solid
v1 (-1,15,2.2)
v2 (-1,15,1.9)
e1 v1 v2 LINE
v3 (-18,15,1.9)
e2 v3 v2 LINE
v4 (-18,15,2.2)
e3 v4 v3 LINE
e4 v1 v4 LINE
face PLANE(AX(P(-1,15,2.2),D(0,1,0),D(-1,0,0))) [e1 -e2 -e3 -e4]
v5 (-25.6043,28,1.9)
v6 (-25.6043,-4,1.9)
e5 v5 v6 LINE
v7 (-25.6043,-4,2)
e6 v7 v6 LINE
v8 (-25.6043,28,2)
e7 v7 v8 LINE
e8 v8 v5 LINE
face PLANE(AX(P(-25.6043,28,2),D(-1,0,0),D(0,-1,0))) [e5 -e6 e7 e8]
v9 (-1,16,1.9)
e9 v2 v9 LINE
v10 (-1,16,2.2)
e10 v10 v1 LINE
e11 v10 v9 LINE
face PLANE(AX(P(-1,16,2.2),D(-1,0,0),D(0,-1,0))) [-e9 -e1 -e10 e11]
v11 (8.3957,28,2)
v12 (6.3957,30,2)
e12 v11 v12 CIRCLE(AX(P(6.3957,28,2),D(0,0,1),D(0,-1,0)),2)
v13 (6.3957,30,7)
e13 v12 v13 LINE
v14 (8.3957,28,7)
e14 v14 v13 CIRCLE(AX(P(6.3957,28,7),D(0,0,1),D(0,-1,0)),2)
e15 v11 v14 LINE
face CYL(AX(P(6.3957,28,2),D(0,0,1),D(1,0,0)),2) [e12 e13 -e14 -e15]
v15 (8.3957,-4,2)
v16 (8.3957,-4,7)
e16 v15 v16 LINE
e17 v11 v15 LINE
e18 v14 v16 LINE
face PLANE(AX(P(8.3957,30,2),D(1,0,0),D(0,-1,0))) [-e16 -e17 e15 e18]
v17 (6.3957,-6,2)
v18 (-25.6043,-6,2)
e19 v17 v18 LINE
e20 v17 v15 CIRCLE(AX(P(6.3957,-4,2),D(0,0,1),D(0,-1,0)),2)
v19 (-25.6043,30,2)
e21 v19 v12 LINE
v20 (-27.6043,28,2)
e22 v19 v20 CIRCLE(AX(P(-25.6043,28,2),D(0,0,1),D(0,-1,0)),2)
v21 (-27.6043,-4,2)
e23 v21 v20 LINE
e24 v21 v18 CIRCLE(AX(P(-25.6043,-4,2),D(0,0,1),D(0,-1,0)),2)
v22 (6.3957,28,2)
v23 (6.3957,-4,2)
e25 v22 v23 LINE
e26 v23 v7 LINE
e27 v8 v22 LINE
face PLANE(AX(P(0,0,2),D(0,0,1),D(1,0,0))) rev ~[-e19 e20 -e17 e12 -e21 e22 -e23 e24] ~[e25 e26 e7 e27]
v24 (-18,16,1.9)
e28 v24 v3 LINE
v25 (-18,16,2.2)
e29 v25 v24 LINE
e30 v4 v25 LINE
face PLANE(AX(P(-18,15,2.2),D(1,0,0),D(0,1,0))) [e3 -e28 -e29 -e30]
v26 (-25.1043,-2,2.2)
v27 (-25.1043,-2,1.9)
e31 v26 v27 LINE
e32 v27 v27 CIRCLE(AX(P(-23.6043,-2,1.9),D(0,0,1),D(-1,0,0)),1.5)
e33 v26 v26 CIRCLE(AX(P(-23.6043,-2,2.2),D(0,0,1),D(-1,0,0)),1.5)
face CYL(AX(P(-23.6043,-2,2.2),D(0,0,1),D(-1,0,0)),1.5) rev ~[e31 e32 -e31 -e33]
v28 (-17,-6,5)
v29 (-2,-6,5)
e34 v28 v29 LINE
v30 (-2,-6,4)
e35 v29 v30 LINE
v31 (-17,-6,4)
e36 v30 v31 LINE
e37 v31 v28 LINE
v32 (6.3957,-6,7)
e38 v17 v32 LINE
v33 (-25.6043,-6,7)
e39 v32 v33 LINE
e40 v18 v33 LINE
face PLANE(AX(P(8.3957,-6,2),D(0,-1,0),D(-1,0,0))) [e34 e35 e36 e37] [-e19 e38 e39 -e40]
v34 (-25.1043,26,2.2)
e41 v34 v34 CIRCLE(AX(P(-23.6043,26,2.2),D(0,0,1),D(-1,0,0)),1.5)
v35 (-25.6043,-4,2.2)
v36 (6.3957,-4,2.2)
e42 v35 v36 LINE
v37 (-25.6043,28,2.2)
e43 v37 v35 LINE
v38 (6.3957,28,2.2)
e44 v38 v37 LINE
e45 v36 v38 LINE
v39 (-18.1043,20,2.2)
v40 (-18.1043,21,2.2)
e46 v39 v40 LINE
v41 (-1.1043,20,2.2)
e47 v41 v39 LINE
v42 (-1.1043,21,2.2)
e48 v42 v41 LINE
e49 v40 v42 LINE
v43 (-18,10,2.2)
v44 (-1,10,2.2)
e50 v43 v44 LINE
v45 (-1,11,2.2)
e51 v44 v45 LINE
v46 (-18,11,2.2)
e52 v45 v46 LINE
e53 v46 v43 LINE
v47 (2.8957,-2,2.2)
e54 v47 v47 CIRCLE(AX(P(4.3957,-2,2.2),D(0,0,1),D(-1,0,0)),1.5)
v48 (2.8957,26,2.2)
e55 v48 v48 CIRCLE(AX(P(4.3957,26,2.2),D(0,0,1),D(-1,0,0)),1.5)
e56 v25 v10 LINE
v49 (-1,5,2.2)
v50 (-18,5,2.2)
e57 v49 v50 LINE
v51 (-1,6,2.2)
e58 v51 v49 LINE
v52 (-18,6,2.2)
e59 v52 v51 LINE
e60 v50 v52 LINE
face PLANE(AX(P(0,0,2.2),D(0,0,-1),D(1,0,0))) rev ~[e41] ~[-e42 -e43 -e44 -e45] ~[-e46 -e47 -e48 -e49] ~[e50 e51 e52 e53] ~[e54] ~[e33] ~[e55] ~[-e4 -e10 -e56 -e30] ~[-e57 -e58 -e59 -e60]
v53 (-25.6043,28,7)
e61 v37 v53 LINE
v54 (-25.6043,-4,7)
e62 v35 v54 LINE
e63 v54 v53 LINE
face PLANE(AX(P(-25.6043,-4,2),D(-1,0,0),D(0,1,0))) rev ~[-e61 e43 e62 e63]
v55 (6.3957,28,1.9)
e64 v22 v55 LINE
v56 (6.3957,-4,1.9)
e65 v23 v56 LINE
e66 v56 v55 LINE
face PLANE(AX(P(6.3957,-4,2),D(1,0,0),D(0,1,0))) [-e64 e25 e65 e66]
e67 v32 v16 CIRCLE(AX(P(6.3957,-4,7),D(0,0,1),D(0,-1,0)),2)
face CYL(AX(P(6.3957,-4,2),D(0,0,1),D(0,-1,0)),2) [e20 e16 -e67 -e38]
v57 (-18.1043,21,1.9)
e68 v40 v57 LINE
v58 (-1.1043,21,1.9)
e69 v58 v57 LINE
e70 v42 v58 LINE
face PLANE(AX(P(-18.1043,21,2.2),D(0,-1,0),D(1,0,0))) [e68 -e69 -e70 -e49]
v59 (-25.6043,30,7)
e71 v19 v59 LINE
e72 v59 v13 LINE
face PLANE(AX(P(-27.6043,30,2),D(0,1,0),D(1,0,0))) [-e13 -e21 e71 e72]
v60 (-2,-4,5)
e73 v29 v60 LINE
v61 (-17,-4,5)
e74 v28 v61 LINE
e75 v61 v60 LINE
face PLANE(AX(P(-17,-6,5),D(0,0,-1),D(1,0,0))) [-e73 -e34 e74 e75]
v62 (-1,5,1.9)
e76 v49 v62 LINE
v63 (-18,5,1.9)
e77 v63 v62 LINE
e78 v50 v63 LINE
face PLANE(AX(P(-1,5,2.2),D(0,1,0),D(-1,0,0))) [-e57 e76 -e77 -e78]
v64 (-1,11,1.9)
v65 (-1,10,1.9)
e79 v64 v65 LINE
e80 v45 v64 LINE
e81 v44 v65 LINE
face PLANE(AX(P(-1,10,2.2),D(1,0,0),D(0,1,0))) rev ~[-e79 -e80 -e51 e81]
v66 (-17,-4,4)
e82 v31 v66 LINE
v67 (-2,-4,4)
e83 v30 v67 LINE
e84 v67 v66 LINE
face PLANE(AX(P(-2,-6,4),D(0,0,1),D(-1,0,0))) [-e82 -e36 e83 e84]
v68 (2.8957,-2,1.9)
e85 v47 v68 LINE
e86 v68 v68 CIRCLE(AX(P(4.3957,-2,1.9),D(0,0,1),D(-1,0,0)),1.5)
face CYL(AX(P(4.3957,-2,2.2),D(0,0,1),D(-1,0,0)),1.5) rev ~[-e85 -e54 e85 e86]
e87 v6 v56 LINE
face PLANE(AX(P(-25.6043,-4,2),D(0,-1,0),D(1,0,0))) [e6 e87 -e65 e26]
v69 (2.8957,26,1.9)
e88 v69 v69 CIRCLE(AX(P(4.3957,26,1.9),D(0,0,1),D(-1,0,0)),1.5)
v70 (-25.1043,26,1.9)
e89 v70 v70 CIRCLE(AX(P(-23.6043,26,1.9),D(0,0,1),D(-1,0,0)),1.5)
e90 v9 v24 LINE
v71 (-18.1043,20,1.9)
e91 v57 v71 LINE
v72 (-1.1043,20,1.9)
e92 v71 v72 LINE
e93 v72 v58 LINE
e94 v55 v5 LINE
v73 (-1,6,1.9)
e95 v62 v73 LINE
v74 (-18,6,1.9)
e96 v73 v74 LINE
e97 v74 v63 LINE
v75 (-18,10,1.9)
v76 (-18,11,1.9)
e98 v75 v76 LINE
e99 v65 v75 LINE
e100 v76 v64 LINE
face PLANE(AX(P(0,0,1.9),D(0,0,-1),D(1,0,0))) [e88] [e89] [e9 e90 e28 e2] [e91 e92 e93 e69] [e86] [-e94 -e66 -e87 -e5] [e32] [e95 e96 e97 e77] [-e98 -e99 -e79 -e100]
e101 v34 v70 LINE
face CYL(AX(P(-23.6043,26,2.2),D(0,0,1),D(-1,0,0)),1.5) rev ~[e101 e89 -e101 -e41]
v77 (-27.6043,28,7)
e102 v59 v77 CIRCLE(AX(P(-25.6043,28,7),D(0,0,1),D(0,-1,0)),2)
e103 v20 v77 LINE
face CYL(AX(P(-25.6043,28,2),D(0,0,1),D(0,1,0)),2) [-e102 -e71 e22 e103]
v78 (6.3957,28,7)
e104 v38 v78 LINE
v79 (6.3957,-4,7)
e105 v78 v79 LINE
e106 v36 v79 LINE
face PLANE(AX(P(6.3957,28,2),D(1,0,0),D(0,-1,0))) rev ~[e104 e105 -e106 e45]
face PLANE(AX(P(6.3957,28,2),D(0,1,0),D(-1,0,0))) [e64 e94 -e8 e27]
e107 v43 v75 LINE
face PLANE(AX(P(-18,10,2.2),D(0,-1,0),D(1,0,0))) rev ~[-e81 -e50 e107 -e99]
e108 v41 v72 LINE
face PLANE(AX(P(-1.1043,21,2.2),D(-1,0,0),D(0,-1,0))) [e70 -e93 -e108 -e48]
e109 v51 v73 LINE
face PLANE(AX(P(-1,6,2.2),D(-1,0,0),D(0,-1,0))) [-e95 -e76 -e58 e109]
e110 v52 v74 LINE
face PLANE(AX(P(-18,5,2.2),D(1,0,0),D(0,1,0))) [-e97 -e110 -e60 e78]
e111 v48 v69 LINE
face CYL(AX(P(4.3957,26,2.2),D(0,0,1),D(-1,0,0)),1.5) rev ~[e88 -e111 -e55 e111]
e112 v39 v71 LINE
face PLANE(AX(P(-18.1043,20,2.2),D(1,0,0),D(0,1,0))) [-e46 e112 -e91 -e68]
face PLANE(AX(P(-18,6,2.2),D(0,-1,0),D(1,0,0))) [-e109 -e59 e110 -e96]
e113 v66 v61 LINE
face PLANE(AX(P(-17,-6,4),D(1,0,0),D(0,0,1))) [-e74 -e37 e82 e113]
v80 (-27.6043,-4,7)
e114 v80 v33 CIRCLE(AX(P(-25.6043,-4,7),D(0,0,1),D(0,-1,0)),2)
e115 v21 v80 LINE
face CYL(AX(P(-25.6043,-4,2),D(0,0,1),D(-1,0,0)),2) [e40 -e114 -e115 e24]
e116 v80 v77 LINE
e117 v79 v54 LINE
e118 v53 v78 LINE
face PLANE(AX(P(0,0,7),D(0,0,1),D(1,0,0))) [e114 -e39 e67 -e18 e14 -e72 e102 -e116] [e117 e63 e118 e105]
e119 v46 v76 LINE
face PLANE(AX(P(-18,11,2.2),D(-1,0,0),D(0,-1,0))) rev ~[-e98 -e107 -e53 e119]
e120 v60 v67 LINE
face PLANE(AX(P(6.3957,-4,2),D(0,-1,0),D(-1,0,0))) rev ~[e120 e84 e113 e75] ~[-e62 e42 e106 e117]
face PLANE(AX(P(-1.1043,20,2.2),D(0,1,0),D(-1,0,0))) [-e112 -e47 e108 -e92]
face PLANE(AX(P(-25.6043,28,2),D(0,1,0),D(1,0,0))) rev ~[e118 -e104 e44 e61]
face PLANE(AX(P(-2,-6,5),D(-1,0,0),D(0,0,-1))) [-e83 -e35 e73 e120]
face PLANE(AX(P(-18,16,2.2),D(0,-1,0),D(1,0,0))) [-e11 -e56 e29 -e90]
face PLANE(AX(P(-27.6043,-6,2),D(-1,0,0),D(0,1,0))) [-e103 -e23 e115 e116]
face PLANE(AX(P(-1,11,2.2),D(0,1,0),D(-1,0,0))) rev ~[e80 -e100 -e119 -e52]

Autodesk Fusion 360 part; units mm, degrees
sketch "Sketch1" plane through (0, 0, 0) normal (0, 0, 1) x (1, 0, 0)
  line L0 (-27.6043, 30) -> (8.3957, 30)
  line L1 (8.3957, 30) -> (8.3957, -6)
  line L2 (8.3957, -6) -> (-27.6043, -6)
  line L3 (-27.6043, -6) -> (-27.6043, 30)
  line L4 (-25.6043, 28) -> (6.3957, 28)
  line L5 (6.3957, 28) -> (6.3957, -4)
  line L6 (6.3957, -4) -> (-25.6043, -4)
  line L7 (-25.6043, -4) -> (-25.6043, 28)
  dimension "d1" = 36
  dimension "d2" = 36
  dimension "d3" = 32
  dimension "d4" = 32
  dimension "d5" = 2
  dimension "d6" = 2
extrude "Extrude1" add sketch "Sketch1" along normal blind 5 from surface at 2 makes body 1
sketch "Sketch2" plane through (0, 0, 2) normal (0, 0, -1) x (1, 0, 0)
  line L0 (-25.6043, 4) -> (6.3957, 4)
  line L1 (6.3957, 4) -> (6.3957, -28)
  line L2 (6.3957, -28) -> (-25.6043, -28)
  line L3 (-25.6043, -28) -> (-25.6043, 4)
  line L4 (8.3957, 6) -> (-27.6043, 6)
  line L5 (-27.6043, 6) -> (-27.6043, -30)
  line L6 (-27.6043, -30) -> (8.3957, -30)
  line L7 (8.3957, -30) -> (8.3957, 6)
extrude "Extrude2" add sketch "Sketch2" along normal blind 0.2 separate body contours L0 L1 L2 L3 makes body 2
move_body "Move1" bodies 2 to x (1, 0, 0) y (0, 1, 0) z (0, 0, 1) at (0, 0, 0.2)
fillet "Fillet1" radius 2 1 edges at (-27.6043, 30, 4.5) on bodies 1
fillet "Fillet2" radius 2 1 edges at (-27.6043, -6, 4.5) on bodies 1
fillet "Fillet3" radius 2 1 edges at (8.3957, -6, 4.5) on bodies 1
fillet "Fillet4" radius 2 1 edges at (8.3957, 30, 4.5) on bodies 1
extrude "Extrude3" add 1 faces at (-14.9376, 17.3333, 2) along direction (0, 0, -1) blind 0.1 on bodies 2 bodies 1 2
sketch "Sketch3" plane through (0, 0, 2.2) normal (0, 0, 1) x (-1, 0, 0)
  line L0 (-6.3957, -28) -> (25.6043, -28)
  line L1 (25.6043, -28) -> (25.6043, 4)
  line L2 (25.6043, 4) -> (-6.3957, 4)
  line L3 (-6.3957, 4) -> (-6.3957, -28)
  circle A0 centre (23.6043, 2) radius 1.5
  circle A1 centre (23.6043, 2) radius 2
  circle A2 centre (-4.3957, 2) radius 1.5
  circle A3 centre (-4.3957, 2) radius 2
  circle A4 centre (-4.3957, -26) radius 1.5
  circle A5 centre (-4.3957, -26) radius 2
  circle A6 centre (23.6043, -26) radius 1.5
  circle A7 centre (23.6043, -26) radius 2
  dimension "d22" = 3
  dimension "d23" = 4
  dimension "d24" = 3
  dimension "d25" = 4
  dimension "d26" = 3
  dimension "d27" = 4
  dimension "d28" = 3
  dimension "d29" = 4
extrude "Extrude4" cut sketch "Sketch3" against normal blind 0.4 contours A2 bodies 1
extrude "Extrude5" cut sketch "Sketch3" against normal blind 4 contours A0 bodies 1
extrude "Extrude6" cut sketch "Sketch3" against normal blind 4 contours A6 bodies 1
extrude "Extrude7" cut sketch "Sketch3" against normal blind 4 contours A4 bodies 1
sketch "Sketch4" plane through (0, -6, 0) normal (0, -1, 0) x (1, 0, 0)
  line L0 (6.3957, 2) -> (6.3957, 7)
  line L1 (6.3957, 7) -> (-25.6043, 7)
  line L2 (-25.6043, 7) -> (-25.6043, 2)
  line L3 (-25.6043, 2) -> (6.3957, 2)
  line L4 (-17, 5) -> (-2, 5)
  line L5 (-2, 5) -> (-2, 4)
  line L6 (-2, 4) -> (-17, 4)
  line L7 (-17, 4) -> (-17, 5)
extrude "Extrude8" cut sketch "Sketch4" against normal blind 5 contours L4 L5 L6 L7 bodies 1
sketch "Sketch5" plane through (0, 0, 2.2) normal (0, 0, 1) x (-1, 0, 0)
  circle A0 centre (-4.3957, -26) radius 1.5
  circle A1 centre (23.6043, -26) radius 1.5
  circle A2 centre (23.6043, 2) radius 1.5
  circle A3 centre (-4.3957, 2) radius 1.5
  line L0 (-6.3957, -28) -> (25.6043, -28)
  line L1 (25.6043, -28) -> (25.6043, 4)
  line L2 (25.6043, 4) -> (-6.3957, 4)
  line L3 (-6.3957, 4) -> (-6.3957, -28)
  line L4 (18, -16) -> (1, -16)
  line L5 (1, -16) -> (1, -15)
  line L6 (1, -15) -> (18, -15)
  line L7 (18, -15) -> (18, -16)
  line L8 (1, -11) -> (18, -11)
  line L9 (18, -11) -> (18, -10)
  line L10 (18, -10) -> (1, -10)
  line L11 (1, -10) -> (1, -11)
  line L12 (18, -6) -> (1, -6)
  line L13 (1, -6) -> (1, -5)
  line L14 (1, -5) -> (18, -5)
  line L15 (18, -5) -> (18, -6)
  line L16 (18.1043, -21) -> (1.1043, -21)
  line L17 (1.1043, -21) -> (1.1043, -20)
  line L18 (1.1043, -20) -> (18.1043, -20)
  line L19 (18.1043, -20) -> (18.1043, -21)
  dimension "d40" = 7
  dimension "d41" = 7.5
  dimension "d42" = 4
  dimension "d43" = 4
  dimension "d44" = 4
extrude "Extrude9" cut sketch "Sketch5" against normal blind 5 contours L16 L17 L18 L19 bodies 1
extrude "Extrude10" cut sketch "Sketch5" against normal blind 5 contours L4 L5 L6 L7 | L8 L9 L10 L11 | L12 L13 L14 L15 bodies 1
